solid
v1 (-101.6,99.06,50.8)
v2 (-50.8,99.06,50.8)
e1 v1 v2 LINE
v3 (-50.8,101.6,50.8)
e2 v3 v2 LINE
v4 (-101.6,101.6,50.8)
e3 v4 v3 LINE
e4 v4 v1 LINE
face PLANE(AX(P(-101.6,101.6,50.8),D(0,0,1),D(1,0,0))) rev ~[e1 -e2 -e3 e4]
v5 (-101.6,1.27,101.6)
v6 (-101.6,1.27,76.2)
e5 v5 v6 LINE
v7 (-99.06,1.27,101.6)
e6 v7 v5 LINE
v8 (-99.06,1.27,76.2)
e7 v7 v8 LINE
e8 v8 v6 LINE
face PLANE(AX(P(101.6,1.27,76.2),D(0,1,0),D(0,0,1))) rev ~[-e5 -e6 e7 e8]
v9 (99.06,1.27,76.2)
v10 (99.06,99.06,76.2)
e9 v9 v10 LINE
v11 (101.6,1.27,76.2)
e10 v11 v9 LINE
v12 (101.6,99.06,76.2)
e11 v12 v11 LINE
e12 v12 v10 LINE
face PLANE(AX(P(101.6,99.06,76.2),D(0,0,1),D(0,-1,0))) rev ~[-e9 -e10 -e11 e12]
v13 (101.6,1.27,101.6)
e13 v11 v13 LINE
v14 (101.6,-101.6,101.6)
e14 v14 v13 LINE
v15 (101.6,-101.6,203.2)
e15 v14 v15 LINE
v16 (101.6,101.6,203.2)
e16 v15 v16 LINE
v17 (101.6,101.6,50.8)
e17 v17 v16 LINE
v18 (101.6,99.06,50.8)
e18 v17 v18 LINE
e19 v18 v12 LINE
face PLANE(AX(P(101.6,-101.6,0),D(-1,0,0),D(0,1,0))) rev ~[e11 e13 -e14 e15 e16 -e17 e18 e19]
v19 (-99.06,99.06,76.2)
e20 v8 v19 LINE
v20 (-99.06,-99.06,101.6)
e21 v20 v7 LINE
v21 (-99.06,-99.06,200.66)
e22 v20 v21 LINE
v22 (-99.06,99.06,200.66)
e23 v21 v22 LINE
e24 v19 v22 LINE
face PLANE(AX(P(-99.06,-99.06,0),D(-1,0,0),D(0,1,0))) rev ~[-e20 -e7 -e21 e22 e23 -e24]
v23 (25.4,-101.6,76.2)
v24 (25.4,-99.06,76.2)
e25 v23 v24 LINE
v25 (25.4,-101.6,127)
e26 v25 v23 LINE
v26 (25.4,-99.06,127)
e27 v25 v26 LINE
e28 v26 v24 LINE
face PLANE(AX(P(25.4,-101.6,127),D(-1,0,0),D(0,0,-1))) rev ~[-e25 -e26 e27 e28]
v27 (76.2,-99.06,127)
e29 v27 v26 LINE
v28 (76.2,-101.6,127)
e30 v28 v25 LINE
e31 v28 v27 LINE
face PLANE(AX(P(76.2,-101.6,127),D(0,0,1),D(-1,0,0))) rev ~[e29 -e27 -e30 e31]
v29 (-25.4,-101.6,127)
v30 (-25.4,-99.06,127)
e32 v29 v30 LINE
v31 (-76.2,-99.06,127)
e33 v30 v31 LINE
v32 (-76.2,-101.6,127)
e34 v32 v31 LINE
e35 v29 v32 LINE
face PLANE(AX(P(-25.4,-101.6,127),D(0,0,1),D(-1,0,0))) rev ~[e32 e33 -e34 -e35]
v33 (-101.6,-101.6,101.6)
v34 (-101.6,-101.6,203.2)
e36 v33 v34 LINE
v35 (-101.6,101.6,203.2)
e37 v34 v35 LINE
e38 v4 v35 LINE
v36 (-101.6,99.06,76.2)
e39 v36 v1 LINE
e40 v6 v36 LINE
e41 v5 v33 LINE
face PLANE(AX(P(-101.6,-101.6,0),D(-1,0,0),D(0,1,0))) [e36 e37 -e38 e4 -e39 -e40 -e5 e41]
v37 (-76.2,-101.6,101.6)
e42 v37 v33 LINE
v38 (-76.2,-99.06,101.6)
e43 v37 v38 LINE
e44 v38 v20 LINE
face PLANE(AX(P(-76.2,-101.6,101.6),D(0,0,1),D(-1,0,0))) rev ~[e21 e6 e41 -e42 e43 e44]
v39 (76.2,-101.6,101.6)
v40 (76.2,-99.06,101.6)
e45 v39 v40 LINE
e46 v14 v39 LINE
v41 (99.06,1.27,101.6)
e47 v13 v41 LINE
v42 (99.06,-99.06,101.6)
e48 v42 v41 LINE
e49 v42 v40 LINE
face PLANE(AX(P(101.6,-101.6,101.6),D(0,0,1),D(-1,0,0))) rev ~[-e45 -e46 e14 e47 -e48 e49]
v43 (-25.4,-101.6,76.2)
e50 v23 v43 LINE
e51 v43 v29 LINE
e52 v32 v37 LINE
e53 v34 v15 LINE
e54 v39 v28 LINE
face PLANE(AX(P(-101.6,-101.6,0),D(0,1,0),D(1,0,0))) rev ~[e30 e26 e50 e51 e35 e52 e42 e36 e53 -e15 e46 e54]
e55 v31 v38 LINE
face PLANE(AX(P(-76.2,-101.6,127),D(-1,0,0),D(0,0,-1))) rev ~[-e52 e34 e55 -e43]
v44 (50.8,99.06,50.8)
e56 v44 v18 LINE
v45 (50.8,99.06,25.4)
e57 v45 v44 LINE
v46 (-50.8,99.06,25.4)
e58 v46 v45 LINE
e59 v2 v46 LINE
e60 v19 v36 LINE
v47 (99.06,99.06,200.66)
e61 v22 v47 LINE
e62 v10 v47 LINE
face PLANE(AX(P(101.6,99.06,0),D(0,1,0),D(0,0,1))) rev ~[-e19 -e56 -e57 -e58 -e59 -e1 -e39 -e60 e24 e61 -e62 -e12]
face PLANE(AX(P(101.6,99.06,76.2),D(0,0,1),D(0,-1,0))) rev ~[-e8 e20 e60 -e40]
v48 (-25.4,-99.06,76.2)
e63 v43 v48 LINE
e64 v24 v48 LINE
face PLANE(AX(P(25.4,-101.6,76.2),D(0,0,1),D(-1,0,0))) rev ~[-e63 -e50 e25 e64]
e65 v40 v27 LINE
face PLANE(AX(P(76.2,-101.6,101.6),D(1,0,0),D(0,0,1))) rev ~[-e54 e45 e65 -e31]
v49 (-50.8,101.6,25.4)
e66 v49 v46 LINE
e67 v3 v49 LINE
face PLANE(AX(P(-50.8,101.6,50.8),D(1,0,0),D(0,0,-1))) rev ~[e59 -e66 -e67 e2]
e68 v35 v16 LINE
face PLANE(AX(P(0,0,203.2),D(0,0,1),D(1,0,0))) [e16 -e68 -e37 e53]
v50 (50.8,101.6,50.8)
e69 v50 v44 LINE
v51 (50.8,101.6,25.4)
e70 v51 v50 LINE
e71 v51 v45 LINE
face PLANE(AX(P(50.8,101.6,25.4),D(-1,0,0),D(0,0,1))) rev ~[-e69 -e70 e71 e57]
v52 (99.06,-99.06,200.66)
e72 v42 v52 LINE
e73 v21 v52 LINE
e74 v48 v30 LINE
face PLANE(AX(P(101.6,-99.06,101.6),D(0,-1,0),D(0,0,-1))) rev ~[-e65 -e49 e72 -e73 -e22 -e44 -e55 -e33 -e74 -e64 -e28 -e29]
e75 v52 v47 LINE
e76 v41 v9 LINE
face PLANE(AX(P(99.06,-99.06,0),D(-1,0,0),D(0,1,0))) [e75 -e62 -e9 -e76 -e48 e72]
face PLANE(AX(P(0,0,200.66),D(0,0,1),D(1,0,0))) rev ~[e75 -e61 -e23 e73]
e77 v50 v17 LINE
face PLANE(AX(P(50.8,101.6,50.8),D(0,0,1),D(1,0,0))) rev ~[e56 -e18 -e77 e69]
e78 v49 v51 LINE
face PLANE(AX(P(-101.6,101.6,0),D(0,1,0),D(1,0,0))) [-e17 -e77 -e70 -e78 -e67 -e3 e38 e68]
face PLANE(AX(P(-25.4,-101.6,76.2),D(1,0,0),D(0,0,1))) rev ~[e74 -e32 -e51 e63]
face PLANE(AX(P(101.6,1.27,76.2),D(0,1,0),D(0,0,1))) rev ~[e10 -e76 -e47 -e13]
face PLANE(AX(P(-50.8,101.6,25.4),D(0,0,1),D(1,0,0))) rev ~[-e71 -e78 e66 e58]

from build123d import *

# Parameters (mm, degrees)
F0_W      = 203.2
F0_H      = 203.2
F1_DEPTH  = 203.2
F2_W      = 198.12
F2_H      = 198.12
F3_DEPTH  = 200.66
F7_DEPTH  = 203.201
F10_DEPTH = 2.54
F13_DEPTH = 2.54


with BuildPart() as f1:
    # F0 (on Top) → F1 (new body)
    with BuildSketch(Plane.XY):
        Rectangle(F0_W, F0_H)
    extrude(amount=F1_DEPTH)

    # F2 (on Top) → F3 (cut)
    with BuildSketch(Plane.XY):
        Rectangle(F2_W, F2_H)
    extrude(amount=F3_DEPTH, mode=Mode.SUBTRACT)

    # F6 (on offset) → F7 (cut, through all)
    with BuildSketch(Plane.YZ.offset(101.6)):
        Polygon((1.27, 76.2), (1.27, 101.6), (-99.06, 101.6), (-99.06, 0), (99.06, 0), (99.06, 76.2), align=None)
    extrude(amount=-F7_DEPTH, mode=Mode.SUBTRACT)

    # F9 (on offset) → F10 (cut, through all)
    with BuildSketch(Plane(origin=(0, 101.6, 0), x_dir=(-1, 0, 0), z_dir=(0, 1, 0))):
        Polygon((-101.6, 0), (101.6, 0), (101.6, 25.4), (101.6, 50.8), (50.8, 50.8), (50.8, 25.4), (-50.8, 25.4), (-50.8, 50.8), (-101.6, 50.8), (-101.6, 25.4), align=None)
    extrude(amount=-F10_DEPTH, mode=Mode.SUBTRACT)

    # F12 (on offset) → F13 (cut, through all)
    with BuildSketch(Plane.XZ.offset(101.6)):
        Polygon((-101.6, 101.6), (-101.6, 0), (101.6, 0), (101.6, 101.6), (76.2, 101.6), (76.2, 127), (25.4, 127), (25.4, 101.6), (25.4, 76.2), (-25.4, 76.2), (-25.4, 101.6), (-25.4, 127), (-76.2, 127), (-76.2, 101.6), align=None)
    extrude(amount=-F13_DEPTH, mode=Mode.SUBTRACT)


solid = f1.part
